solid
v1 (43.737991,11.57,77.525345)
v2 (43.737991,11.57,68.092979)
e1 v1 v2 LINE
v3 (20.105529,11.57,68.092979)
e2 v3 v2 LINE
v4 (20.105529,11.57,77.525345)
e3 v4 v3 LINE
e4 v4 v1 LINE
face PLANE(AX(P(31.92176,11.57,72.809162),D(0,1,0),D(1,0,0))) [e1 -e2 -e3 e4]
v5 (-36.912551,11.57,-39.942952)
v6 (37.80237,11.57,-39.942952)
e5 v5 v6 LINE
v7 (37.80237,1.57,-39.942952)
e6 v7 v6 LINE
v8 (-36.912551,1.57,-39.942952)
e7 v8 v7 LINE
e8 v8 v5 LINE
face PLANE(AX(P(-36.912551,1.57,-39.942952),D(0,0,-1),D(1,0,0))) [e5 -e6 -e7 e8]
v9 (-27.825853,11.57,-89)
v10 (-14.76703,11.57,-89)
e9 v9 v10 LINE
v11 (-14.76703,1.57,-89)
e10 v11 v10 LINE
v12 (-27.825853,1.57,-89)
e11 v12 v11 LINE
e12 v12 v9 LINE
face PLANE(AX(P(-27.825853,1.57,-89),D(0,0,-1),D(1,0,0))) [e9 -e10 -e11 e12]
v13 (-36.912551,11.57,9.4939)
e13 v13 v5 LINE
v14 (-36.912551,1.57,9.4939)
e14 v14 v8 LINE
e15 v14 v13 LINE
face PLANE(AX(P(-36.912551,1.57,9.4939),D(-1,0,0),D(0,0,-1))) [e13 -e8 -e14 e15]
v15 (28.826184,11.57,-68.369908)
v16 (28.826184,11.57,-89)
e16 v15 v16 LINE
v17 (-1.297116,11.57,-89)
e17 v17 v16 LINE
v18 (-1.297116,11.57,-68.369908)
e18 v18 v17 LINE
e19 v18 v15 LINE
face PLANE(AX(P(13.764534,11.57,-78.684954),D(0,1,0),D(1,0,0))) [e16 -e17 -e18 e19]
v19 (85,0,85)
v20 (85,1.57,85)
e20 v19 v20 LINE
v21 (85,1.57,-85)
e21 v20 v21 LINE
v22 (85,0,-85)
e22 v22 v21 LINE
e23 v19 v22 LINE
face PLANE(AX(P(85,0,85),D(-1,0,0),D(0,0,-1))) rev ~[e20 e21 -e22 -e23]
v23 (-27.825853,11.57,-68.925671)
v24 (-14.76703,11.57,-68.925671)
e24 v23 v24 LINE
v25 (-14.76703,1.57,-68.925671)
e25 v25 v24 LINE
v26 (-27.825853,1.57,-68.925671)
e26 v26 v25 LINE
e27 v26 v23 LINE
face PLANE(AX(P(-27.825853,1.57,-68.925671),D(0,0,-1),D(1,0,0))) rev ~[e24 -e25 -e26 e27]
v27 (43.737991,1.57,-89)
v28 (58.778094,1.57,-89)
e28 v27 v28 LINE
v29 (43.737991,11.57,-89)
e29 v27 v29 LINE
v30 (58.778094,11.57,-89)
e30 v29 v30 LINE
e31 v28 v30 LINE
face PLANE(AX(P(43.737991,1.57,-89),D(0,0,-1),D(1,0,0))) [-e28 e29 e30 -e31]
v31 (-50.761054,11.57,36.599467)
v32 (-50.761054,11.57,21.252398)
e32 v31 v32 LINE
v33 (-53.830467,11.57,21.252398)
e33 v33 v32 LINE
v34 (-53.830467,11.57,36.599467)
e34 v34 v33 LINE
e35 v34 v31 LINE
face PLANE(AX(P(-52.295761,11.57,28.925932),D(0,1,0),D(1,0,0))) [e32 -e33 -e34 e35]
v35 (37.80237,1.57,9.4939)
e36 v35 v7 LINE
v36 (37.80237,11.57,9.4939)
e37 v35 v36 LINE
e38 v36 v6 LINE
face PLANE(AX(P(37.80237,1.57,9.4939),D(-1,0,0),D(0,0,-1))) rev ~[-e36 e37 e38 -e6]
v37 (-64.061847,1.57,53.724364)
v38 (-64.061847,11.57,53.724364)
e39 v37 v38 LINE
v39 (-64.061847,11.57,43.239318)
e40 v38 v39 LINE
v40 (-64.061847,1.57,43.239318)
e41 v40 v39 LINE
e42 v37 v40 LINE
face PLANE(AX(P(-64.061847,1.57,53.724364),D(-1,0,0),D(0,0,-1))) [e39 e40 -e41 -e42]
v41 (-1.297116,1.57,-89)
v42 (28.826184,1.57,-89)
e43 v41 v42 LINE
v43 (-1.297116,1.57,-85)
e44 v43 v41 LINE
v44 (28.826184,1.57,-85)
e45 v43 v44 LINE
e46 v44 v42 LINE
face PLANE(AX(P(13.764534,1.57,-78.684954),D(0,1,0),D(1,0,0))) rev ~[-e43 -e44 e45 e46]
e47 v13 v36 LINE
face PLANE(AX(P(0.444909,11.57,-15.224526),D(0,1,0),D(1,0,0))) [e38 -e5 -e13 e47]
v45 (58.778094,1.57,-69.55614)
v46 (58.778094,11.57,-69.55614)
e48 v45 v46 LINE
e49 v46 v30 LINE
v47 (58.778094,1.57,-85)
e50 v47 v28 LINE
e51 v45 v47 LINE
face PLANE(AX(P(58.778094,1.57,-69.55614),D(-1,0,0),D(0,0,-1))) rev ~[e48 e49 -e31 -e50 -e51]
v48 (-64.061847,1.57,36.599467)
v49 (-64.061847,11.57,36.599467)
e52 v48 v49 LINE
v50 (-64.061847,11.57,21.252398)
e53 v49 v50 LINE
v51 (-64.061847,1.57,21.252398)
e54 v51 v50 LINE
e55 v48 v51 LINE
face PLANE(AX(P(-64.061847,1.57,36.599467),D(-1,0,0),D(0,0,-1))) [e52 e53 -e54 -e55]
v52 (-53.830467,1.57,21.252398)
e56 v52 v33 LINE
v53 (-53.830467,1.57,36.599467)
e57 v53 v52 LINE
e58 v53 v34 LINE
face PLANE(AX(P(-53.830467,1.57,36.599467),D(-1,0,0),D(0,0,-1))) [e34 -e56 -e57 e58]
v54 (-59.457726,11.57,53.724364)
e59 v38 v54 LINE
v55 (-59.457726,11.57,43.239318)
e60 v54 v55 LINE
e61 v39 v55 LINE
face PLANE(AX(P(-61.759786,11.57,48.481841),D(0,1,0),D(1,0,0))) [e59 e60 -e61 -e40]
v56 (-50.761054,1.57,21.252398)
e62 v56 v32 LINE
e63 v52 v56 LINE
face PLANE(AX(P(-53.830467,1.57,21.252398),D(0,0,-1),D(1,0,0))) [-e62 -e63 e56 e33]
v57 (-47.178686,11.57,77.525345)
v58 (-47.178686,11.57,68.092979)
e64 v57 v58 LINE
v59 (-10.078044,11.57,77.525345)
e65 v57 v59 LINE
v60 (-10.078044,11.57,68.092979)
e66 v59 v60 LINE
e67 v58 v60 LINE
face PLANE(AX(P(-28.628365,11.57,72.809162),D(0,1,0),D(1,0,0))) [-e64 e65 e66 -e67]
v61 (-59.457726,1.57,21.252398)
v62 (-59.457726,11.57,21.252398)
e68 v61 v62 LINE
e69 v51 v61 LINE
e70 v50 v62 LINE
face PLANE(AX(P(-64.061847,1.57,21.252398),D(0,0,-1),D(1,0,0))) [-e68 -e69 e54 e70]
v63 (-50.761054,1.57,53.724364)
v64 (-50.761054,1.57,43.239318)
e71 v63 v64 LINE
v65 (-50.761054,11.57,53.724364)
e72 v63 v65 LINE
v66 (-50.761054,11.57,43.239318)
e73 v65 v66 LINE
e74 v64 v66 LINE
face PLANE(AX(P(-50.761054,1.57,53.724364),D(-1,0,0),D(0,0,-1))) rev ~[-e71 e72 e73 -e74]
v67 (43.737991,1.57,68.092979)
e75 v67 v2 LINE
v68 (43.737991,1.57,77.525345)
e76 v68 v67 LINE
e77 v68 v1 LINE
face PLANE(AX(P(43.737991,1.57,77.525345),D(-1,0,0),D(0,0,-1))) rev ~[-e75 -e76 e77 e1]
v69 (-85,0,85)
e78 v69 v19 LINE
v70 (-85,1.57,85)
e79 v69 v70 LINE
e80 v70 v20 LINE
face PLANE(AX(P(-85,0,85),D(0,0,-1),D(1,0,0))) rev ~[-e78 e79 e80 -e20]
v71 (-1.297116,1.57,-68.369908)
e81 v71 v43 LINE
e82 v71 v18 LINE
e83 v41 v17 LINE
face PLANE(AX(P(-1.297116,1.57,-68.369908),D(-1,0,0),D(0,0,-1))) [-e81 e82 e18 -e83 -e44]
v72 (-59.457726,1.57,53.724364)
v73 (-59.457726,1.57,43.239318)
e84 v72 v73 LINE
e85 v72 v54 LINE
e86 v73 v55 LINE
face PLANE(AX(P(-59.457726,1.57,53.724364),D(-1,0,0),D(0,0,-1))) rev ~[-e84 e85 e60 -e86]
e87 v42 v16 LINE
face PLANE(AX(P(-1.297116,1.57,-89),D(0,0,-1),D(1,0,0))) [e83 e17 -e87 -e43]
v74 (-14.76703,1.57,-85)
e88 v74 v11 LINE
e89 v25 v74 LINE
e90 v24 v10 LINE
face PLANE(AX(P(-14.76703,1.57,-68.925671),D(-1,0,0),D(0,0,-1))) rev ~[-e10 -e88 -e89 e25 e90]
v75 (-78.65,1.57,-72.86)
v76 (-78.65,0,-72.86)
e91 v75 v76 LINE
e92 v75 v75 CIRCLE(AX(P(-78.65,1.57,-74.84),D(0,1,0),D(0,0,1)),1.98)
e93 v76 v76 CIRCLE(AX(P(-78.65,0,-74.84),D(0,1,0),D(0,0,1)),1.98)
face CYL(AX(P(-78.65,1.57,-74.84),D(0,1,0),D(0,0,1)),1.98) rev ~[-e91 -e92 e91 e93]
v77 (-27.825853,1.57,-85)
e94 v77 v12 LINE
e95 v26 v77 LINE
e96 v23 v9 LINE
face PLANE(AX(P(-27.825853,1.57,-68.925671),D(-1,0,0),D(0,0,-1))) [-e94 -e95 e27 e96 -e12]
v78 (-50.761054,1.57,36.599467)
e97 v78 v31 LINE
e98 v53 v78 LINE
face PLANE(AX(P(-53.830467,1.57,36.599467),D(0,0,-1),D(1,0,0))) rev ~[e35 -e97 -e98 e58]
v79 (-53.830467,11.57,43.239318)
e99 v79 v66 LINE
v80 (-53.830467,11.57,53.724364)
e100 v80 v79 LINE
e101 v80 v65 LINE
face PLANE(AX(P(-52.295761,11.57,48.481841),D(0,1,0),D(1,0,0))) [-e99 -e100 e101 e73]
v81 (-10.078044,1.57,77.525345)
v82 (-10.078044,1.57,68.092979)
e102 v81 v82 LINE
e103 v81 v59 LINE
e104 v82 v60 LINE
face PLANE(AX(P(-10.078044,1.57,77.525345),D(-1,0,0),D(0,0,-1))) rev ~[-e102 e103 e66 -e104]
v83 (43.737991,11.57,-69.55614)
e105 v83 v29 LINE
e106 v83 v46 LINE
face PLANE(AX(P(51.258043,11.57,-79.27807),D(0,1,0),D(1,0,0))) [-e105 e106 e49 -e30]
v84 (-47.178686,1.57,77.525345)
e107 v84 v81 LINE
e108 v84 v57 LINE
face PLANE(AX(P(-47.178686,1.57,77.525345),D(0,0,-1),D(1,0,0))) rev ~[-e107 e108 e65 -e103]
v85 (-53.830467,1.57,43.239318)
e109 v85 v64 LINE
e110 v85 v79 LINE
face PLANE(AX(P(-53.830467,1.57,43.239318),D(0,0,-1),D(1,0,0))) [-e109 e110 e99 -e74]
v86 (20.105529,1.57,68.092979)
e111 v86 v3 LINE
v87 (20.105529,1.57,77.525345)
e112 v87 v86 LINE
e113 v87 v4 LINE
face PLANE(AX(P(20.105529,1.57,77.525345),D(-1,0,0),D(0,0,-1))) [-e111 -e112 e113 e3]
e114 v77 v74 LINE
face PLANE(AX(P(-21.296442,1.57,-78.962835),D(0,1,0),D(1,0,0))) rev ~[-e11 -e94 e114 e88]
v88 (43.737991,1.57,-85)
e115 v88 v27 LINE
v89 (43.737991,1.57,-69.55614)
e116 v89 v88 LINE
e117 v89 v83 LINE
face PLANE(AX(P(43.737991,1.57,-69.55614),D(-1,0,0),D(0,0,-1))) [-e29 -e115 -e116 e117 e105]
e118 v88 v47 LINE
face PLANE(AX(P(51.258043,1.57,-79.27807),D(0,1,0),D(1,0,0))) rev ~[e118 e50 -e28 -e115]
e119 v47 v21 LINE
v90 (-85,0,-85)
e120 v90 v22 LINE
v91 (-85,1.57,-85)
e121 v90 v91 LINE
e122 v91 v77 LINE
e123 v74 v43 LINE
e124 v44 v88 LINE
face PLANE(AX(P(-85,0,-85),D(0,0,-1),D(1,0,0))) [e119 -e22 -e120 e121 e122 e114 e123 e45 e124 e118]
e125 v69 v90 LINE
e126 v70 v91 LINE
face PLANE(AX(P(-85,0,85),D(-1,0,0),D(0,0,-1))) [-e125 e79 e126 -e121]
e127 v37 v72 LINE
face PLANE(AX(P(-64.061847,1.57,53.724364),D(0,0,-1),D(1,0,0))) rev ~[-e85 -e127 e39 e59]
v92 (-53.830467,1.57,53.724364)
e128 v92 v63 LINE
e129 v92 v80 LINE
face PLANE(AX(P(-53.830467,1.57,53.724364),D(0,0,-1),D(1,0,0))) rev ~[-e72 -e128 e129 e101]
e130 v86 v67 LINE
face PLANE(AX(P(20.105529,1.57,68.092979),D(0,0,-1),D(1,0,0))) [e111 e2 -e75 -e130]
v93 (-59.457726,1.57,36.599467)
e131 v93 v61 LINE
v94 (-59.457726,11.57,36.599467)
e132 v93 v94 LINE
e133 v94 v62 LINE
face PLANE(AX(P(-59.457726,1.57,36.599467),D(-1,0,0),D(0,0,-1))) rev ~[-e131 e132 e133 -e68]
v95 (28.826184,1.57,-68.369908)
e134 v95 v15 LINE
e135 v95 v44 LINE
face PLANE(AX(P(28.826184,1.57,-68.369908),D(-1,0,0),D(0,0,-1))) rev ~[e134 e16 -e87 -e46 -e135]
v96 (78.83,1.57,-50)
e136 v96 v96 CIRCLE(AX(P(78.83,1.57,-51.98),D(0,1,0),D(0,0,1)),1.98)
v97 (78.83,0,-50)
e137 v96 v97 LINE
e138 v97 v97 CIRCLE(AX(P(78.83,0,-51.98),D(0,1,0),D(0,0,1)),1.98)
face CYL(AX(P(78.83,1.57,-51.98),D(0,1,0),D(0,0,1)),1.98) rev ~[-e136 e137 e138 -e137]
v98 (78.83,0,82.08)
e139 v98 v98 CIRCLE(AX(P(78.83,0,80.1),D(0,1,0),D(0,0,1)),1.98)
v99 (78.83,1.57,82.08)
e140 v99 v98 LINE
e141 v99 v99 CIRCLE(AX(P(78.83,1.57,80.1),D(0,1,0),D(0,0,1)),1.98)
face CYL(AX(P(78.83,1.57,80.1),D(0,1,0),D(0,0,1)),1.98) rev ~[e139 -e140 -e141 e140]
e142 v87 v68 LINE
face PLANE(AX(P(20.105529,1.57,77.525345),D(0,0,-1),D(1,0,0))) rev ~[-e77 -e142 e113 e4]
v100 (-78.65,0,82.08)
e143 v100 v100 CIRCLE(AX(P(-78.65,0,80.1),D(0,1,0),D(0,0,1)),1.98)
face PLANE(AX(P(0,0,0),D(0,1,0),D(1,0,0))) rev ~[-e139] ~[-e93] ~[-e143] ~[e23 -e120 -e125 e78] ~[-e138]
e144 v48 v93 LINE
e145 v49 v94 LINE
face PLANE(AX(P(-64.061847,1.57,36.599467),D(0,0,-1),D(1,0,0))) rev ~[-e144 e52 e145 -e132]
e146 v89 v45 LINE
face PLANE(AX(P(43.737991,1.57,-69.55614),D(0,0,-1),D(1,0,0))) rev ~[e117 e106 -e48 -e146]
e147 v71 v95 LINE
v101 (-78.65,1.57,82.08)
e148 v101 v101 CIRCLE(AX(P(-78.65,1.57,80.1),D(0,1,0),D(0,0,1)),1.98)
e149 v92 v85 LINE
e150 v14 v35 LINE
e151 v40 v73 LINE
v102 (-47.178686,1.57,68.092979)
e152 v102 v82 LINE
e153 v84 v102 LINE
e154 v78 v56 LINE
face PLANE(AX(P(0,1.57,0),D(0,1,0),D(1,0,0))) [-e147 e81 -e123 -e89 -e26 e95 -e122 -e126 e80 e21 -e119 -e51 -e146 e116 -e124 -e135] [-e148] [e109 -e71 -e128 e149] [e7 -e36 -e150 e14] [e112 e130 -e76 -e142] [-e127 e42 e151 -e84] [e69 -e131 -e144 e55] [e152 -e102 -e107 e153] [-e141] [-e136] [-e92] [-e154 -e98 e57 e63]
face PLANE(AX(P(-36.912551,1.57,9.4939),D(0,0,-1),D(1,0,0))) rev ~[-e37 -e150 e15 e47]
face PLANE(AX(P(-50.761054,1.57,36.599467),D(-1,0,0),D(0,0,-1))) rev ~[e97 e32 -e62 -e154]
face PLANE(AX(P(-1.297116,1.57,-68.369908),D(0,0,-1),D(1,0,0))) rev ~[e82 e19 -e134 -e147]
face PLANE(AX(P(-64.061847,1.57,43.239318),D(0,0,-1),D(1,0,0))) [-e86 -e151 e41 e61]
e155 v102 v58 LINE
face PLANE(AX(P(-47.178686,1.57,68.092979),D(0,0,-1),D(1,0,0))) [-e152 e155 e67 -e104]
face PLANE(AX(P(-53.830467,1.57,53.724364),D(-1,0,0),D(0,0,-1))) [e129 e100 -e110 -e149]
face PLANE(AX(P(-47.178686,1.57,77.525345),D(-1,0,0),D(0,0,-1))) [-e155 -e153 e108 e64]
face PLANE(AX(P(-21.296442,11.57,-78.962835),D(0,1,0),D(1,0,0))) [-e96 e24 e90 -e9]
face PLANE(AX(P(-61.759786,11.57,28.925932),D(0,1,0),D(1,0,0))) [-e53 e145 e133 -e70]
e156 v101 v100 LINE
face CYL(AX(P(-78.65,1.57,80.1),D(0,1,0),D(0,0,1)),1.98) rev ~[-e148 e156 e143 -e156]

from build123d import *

# Parameters (mm, degrees)
SKICA1_W                 = 170
SKICA1_H                 = 170
P_IDAT_VYSUNUT_M1_DEPTH  = 1.57
SKICA2_R                 = 1.98
ODEBRAT_VYSUNUT_M1_DEPTH = 121.218404997
SKICA5_W                 = 74.714921367
SKICA5_H                 = 49.436852068
SKICA5_W_2               = 13.058822206
SKICA5_H_2               = 20.074329326
SKICA5_W_3               = 30.123299763
SKICA5_H_3               = 20.63009193
SKICA5_W_4               = 15.040102655
SKICA5_H_4               = 19.44386018
SKICA5_W_5               = 37.10064142
SKICA5_H_5               = 9.432366463
SKICA5_W_6               = 23.63246263
SKICA5_W_7               = 4.604120699
SKICA5_H_6               = 15.347068998
SKICA5_W_8               = 3.0694138
SKICA5_H_7               = 10.485045568
P_IDAT_VYSUNUT_M3_DEPTH  = 10


with BuildPart() as part:
    # Skica1 → Přidat vysunutím1 (new body)
    with BuildSketch(Plane(origin=(0, 0, 0), x_dir=(1, 0, 0), z_dir=(0, 1, 0))):
        Rectangle(SKICA1_W, SKICA1_H)
    extrude(amount=P_IDAT_VYSUNUT_M1_DEPTH)

    # Skica2 → Odebrat vysunutím1 (cut, through all)
    with BuildSketch(Plane(origin=(0, 1.57, 0), x_dir=(1, 0, 0), z_dir=(0, 1, 0))):
        with Locations(Location((-78.65, 74.84, 0), (0, 0, 270))):
            Circle(SKICA2_R)
        with Locations(Location((-78.65, -80.1, 0), (0, 0, 270))):
            Circle(SKICA2_R)
        with Locations(Location((78.83, -80.1, 0), (0, 0, 270))):
            Circle(SKICA2_R)
        with Locations(Location((78.83, 51.98, 0), (0, 0, 270))):
            Circle(SKICA2_R)
    extrude(amount=-ODEBRAT_VYSUNUT_M1_DEPTH, mode=Mode.SUBTRACT)

    # Skica5 → Přidat vysunutím3 (add)
    with BuildSketch(Plane(origin=(0, 1.57, 0), x_dir=(1, 0, 0), z_dir=(0, 1, 0))):
        with Locations((0.444909378, 15.224526197)):
            Rectangle(SKICA5_W, SKICA5_H)
        with Locations((-21.296441518, 78.962835337)):
            Rectangle(SKICA5_W_2, SKICA5_H_2)
        with Locations((13.764534228, 78.684954035)):
            Rectangle(SKICA5_W_3, SKICA5_H_3)
        with Locations((51.258042544, 79.27806991)):
            Rectangle(SKICA5_W_4, SKICA5_H_4)
        with Locations((-28.628364805, -72.809161969)):
            Rectangle(SKICA5_W_5, SKICA5_H_5)
        with Locations((31.921759901, -72.809161969)):
            Rectangle(SKICA5_W_6, SKICA5_H_5)
        with Locations((-61.75978641, -28.925932014)):
            Rectangle(SKICA5_W_7, SKICA5_H_6)
        with Locations((-52.295760528, -28.925932014)):
            Rectangle(SKICA5_W_8, SKICA5_H_6)
        with Locations((-61.75978641, -48.481841274)):
            Rectangle(SKICA5_W_7, SKICA5_H_7)
        with Locations((-52.295760528, -48.481841274)):
            Rectangle(SKICA5_W_8, SKICA5_H_7)
    extrude(amount=P_IDAT_VYSUNUT_M3_DEPTH)


solid = part.part
